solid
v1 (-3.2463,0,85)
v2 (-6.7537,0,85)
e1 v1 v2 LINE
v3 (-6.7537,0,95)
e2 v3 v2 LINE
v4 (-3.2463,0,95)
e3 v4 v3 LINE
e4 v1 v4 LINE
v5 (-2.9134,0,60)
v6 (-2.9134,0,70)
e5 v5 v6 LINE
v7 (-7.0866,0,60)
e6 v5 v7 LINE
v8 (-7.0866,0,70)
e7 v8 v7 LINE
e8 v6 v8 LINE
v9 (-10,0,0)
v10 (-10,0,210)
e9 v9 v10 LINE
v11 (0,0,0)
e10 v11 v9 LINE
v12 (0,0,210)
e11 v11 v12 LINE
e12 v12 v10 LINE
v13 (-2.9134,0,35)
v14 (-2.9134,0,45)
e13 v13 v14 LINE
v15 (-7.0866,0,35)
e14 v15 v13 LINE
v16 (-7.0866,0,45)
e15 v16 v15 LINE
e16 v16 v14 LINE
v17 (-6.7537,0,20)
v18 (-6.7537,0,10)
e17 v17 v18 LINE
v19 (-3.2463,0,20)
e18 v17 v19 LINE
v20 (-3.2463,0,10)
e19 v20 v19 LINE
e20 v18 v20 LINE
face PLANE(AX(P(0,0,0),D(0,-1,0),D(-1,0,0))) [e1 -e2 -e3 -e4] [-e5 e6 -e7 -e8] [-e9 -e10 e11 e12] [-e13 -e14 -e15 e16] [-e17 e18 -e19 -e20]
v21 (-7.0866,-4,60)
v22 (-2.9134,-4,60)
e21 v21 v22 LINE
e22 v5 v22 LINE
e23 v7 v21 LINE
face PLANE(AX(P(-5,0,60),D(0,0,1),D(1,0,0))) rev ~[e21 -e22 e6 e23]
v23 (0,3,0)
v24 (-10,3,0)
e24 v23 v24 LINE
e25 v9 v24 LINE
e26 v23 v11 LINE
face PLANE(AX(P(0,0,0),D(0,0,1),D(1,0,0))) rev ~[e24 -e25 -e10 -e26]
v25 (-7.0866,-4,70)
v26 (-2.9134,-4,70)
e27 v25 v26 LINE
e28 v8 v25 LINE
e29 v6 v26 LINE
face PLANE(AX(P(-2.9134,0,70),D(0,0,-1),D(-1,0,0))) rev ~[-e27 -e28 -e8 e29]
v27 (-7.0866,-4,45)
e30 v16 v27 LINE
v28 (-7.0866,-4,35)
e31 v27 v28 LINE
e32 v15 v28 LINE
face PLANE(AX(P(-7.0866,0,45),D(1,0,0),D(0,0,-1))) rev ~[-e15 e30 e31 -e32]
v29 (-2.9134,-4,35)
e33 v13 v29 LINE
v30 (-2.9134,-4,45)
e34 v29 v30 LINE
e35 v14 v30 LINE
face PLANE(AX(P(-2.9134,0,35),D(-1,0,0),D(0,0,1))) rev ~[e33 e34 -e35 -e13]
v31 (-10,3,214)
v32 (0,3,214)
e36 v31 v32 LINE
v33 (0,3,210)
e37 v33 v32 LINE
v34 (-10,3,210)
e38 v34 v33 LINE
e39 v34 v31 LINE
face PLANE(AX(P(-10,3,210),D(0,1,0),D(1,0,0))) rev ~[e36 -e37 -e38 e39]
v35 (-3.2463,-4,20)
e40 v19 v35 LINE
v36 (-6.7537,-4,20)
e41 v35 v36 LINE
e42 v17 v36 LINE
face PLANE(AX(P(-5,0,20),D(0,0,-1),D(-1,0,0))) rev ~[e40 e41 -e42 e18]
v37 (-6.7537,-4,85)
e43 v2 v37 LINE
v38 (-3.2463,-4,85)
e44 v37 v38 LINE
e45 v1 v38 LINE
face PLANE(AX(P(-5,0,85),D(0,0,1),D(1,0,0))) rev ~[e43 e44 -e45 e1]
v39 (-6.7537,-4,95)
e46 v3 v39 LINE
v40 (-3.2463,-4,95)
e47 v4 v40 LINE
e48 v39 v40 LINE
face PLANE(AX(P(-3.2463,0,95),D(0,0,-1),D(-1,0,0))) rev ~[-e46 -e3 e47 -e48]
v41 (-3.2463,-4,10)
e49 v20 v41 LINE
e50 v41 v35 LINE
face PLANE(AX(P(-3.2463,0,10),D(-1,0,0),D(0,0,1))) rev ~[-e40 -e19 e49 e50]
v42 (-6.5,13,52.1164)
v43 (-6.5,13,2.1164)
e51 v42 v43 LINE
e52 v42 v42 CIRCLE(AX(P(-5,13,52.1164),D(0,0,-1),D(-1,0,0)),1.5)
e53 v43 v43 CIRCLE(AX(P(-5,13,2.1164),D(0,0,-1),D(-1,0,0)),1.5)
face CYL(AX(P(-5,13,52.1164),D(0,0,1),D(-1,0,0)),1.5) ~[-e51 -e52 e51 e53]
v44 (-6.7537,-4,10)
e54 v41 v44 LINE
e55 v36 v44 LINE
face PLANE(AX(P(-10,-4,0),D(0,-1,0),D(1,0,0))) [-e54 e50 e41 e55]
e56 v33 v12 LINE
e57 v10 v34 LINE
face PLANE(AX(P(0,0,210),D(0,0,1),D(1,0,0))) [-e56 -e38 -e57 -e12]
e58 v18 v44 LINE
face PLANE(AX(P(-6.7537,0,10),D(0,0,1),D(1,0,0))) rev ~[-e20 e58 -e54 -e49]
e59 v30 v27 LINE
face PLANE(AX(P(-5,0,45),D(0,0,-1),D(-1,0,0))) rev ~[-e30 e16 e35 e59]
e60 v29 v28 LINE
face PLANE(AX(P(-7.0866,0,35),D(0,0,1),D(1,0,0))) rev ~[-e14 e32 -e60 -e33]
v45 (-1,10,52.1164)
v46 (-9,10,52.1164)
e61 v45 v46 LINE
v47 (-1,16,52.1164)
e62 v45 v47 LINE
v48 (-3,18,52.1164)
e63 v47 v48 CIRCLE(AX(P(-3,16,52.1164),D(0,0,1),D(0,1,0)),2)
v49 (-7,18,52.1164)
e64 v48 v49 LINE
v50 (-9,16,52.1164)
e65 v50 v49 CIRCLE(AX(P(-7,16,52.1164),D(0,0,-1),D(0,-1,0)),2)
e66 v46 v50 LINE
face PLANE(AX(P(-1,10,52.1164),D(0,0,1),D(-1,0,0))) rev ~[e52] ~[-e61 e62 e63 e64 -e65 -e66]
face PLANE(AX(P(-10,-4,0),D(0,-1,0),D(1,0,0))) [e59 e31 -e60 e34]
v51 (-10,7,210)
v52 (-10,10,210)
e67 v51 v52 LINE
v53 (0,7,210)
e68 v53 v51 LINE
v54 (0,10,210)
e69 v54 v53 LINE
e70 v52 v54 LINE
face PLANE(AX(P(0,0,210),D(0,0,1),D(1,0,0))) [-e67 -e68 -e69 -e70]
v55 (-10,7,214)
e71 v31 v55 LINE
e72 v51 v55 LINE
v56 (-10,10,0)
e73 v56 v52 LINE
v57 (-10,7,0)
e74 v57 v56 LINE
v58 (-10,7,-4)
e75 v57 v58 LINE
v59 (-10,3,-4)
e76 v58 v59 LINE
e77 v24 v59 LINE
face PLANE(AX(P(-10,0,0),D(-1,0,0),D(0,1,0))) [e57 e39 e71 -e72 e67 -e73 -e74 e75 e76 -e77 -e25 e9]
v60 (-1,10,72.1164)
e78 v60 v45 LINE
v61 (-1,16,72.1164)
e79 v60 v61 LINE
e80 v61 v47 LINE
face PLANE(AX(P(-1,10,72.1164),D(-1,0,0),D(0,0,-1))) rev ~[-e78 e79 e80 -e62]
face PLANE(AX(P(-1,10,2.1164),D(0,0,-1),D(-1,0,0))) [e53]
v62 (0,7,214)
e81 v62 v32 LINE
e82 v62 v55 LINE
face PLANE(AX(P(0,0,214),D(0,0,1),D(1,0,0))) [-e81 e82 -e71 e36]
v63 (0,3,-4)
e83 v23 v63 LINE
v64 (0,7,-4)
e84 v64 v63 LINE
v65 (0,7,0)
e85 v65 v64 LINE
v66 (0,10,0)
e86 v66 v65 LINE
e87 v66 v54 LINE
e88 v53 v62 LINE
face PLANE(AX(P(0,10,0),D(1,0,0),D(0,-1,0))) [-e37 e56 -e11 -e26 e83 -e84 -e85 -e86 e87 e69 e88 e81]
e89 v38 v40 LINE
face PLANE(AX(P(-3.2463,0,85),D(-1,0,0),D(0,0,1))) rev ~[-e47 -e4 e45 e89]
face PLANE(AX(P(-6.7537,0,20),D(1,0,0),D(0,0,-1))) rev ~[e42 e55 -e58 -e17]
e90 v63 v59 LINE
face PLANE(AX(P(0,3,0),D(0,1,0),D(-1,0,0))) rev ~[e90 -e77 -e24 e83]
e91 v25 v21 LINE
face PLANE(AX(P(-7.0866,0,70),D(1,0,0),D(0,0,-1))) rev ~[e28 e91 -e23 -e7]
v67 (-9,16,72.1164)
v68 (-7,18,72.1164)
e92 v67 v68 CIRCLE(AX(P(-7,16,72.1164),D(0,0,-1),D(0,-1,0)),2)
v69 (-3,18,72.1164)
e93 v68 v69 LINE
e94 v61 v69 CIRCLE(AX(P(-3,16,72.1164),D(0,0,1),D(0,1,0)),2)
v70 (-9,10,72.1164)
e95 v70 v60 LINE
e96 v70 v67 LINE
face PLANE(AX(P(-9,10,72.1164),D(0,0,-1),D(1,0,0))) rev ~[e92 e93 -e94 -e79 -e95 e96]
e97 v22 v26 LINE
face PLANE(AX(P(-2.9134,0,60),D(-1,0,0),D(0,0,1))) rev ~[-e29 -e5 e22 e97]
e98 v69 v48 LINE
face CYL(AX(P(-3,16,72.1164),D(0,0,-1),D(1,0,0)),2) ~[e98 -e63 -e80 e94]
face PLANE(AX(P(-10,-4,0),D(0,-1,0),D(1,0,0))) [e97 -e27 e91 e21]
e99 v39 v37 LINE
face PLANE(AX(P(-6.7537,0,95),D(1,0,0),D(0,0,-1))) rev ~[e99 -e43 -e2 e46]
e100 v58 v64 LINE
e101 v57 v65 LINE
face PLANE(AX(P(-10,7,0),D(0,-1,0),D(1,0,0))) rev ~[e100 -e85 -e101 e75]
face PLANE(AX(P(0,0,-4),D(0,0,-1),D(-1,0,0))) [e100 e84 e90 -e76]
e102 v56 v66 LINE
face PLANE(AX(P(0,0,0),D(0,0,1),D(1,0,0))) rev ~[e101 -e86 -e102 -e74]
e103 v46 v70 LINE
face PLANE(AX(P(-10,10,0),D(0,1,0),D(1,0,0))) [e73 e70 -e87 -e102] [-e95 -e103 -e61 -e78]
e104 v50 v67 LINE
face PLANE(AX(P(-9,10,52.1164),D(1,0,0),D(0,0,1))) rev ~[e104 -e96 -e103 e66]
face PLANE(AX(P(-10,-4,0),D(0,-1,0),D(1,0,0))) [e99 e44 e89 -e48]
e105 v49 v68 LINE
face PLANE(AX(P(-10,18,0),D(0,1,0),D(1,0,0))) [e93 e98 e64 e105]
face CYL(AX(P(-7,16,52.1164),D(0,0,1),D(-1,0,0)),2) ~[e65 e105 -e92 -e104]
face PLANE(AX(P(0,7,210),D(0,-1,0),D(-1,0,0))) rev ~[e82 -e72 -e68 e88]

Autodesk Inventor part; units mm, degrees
ref_plane "YZ Plane" through (0, 0, 0) normal (1, 0, 0) x (0, 1, 0)
ref_plane "XZ Plane" through (0, 0, 0) normal (0, 1, 0) x (-1, 0, 0)
ref_plane "XY Plane" through (0, 0, 0) normal (0, 0, 1) x (1, 0, 0)
sketch "Эскиз1" plane through (0, 0, 0) normal (0, 0, 1) x (1, 0, 0)
  line L0 (0, 0) -> (-10, 0)
  line L1 (-10, 0) -> (-10, 10)
  line L2 (-10, 10) -> (0, 10)
  line L3 (0, 10) -> (0, 0)
  dimension "d0" = 10
  dimension "d1" = 10
extrude "Выдавливание1" add sketch "Эскиз1" along normal blind 210
sketch "Эскиз2" plane through (0, 0, 210) normal (0, 0, 1) x (1, 0, 0)
  line L0 (-10, 10) -> (-10, 0) projected
  line L1 (0, 0) -> (0, 10) projected
  line L2 (-10, 3) -> (0, 3)
  line L3 (0, 3) -> (0, 7)
  line L4 (0, 7) -> (-10, 7)
  line L5 (-10, 7) -> (-10, 3)
  line L6 (-10, 5) -> (0, 5)
  point P0 (0, 3)
  dimension "d4" = 4
extrude "Выдавливание2" add sketch "Эскиз2" along normal blind 4
sketch "Эскиз3" plane through (0, 0, 0) normal (0, 0, -1) x (-1, 0, 0)
  line L0 (10, 7) -> (10, 3) projected
  line L1 (0, 0) -> (0, 3) projected
  line L2 (10, 7) -> (0, 7)
  line L3 (0, 7) -> (0, 3)
  line L4 (0, 3) -> (10, 3)
  line L5 (10, 3) -> (10, 7)
extrude "Выдавливание3" add sketch "Эскиз3" along normal blind 4
sketch "Эскиз4" plane through (-10, 0, 0) normal (0, -1, 0) x (1, 0, 0)
  line L0 (10, 0) -> (10, 210) projected
  line L1 (10, 105) -> (0, 105)
  line L2 (0, 0) -> (0, 210) projected
  line L3 (5, 105) -> (5, 0)
  line L4 (0, 0) -> (10, 0) projected
  line L5 (6.7537, 95) -> (3.2463, 95)
  line L6 (3.2463, 95) -> (3.2463, 85)
  line L7 (3.2463, 85) -> (6.7537, 85)
  line L8 (6.7537, 85) -> (6.7537, 95)
  line L9 (7.0866, 70) -> (2.9134, 70)
  line L10 (2.9134, 70) -> (2.9134, 60)
  line L11 (2.9134, 60) -> (7.0866, 60)
  line L12 (7.0866, 60) -> (7.0866, 70)
  line L13 (7.0866, 45) -> (2.9134, 45)
  line L14 (2.9134, 45) -> (2.9134, 35)
  line L15 (2.9134, 35) -> (7.0866, 35)
  line L16 (7.0866, 35) -> (7.0866, 45)
  line L17 (6.7537, 20) -> (3.2463, 20)
  line L18 (3.2463, 20) -> (3.2463, 10)
  line L19 (3.2463, 10) -> (6.7537, 10)
  line L20 (6.7537, 10) -> (6.7537, 20)
  dimension "d9" = 10
  dimension "d10" = 10
  dimension "d11" = 10
  dimension "d12" = 10
  dimension "d13" = 10
  dimension "d14" = 15
  dimension "d15" = 15
  dimension "d16" = 15
extrude "Выдавливание4" add sketch "Эскиз4" along normal blind 4 contours L19 L18 L17 L3 | L3 L17 L20 L19 | L5 L8 L7 L3 | L3 L7 L6 L5 | L15 L14 L13 L3 | L3 L13 L16 L15 | L9 L12 L11 L3 | L3 L11 L10 L9
sketch "Эскиз5" plane through (-10, 10, 0) normal (0, 1, 0) x (1, 0, 0)
  line L0 (9, -52.1164) -> (1, -52.1164)
  line L1 (1, -52.1164) -> (1, -72.1164)
  line L2 (1, -72.1164) -> (9, -72.1164)
  line L3 (9, -72.1164) -> (9, -52.1164)
  point P0 (10, 0)
  point P1 (10, -52.1164)
  dimension "d19" = 8
  dimension "d20" = 20
  dimension "d21" = 1
extrude "Выдавливание5" add sketch "Эскиз5" along normal blind 8
fillet "Сопряжение1" radius 2 2 edges at (-1, 18, 62.1164) (-9, 18, 62.1164)
sketch "Эскиз6" plane through (-1, 10, 52.1164) normal (0, 0, -1) x (-1, 0, 0)
  line L0 (2, 8) -> (6, 8) projected
  line L1 (8, 0) -> (8, 6) projected
  circle A0 centre (4, 3) radius 1.5
  point P0 (-1, -10)
  point P1 (4, 8)
  point P2 (8, 3)
  dimension "d25" = 3
extrude "Выдавливание6" add sketch "Эскиз6" along normal blind 50
properties part number "центр пушки"
